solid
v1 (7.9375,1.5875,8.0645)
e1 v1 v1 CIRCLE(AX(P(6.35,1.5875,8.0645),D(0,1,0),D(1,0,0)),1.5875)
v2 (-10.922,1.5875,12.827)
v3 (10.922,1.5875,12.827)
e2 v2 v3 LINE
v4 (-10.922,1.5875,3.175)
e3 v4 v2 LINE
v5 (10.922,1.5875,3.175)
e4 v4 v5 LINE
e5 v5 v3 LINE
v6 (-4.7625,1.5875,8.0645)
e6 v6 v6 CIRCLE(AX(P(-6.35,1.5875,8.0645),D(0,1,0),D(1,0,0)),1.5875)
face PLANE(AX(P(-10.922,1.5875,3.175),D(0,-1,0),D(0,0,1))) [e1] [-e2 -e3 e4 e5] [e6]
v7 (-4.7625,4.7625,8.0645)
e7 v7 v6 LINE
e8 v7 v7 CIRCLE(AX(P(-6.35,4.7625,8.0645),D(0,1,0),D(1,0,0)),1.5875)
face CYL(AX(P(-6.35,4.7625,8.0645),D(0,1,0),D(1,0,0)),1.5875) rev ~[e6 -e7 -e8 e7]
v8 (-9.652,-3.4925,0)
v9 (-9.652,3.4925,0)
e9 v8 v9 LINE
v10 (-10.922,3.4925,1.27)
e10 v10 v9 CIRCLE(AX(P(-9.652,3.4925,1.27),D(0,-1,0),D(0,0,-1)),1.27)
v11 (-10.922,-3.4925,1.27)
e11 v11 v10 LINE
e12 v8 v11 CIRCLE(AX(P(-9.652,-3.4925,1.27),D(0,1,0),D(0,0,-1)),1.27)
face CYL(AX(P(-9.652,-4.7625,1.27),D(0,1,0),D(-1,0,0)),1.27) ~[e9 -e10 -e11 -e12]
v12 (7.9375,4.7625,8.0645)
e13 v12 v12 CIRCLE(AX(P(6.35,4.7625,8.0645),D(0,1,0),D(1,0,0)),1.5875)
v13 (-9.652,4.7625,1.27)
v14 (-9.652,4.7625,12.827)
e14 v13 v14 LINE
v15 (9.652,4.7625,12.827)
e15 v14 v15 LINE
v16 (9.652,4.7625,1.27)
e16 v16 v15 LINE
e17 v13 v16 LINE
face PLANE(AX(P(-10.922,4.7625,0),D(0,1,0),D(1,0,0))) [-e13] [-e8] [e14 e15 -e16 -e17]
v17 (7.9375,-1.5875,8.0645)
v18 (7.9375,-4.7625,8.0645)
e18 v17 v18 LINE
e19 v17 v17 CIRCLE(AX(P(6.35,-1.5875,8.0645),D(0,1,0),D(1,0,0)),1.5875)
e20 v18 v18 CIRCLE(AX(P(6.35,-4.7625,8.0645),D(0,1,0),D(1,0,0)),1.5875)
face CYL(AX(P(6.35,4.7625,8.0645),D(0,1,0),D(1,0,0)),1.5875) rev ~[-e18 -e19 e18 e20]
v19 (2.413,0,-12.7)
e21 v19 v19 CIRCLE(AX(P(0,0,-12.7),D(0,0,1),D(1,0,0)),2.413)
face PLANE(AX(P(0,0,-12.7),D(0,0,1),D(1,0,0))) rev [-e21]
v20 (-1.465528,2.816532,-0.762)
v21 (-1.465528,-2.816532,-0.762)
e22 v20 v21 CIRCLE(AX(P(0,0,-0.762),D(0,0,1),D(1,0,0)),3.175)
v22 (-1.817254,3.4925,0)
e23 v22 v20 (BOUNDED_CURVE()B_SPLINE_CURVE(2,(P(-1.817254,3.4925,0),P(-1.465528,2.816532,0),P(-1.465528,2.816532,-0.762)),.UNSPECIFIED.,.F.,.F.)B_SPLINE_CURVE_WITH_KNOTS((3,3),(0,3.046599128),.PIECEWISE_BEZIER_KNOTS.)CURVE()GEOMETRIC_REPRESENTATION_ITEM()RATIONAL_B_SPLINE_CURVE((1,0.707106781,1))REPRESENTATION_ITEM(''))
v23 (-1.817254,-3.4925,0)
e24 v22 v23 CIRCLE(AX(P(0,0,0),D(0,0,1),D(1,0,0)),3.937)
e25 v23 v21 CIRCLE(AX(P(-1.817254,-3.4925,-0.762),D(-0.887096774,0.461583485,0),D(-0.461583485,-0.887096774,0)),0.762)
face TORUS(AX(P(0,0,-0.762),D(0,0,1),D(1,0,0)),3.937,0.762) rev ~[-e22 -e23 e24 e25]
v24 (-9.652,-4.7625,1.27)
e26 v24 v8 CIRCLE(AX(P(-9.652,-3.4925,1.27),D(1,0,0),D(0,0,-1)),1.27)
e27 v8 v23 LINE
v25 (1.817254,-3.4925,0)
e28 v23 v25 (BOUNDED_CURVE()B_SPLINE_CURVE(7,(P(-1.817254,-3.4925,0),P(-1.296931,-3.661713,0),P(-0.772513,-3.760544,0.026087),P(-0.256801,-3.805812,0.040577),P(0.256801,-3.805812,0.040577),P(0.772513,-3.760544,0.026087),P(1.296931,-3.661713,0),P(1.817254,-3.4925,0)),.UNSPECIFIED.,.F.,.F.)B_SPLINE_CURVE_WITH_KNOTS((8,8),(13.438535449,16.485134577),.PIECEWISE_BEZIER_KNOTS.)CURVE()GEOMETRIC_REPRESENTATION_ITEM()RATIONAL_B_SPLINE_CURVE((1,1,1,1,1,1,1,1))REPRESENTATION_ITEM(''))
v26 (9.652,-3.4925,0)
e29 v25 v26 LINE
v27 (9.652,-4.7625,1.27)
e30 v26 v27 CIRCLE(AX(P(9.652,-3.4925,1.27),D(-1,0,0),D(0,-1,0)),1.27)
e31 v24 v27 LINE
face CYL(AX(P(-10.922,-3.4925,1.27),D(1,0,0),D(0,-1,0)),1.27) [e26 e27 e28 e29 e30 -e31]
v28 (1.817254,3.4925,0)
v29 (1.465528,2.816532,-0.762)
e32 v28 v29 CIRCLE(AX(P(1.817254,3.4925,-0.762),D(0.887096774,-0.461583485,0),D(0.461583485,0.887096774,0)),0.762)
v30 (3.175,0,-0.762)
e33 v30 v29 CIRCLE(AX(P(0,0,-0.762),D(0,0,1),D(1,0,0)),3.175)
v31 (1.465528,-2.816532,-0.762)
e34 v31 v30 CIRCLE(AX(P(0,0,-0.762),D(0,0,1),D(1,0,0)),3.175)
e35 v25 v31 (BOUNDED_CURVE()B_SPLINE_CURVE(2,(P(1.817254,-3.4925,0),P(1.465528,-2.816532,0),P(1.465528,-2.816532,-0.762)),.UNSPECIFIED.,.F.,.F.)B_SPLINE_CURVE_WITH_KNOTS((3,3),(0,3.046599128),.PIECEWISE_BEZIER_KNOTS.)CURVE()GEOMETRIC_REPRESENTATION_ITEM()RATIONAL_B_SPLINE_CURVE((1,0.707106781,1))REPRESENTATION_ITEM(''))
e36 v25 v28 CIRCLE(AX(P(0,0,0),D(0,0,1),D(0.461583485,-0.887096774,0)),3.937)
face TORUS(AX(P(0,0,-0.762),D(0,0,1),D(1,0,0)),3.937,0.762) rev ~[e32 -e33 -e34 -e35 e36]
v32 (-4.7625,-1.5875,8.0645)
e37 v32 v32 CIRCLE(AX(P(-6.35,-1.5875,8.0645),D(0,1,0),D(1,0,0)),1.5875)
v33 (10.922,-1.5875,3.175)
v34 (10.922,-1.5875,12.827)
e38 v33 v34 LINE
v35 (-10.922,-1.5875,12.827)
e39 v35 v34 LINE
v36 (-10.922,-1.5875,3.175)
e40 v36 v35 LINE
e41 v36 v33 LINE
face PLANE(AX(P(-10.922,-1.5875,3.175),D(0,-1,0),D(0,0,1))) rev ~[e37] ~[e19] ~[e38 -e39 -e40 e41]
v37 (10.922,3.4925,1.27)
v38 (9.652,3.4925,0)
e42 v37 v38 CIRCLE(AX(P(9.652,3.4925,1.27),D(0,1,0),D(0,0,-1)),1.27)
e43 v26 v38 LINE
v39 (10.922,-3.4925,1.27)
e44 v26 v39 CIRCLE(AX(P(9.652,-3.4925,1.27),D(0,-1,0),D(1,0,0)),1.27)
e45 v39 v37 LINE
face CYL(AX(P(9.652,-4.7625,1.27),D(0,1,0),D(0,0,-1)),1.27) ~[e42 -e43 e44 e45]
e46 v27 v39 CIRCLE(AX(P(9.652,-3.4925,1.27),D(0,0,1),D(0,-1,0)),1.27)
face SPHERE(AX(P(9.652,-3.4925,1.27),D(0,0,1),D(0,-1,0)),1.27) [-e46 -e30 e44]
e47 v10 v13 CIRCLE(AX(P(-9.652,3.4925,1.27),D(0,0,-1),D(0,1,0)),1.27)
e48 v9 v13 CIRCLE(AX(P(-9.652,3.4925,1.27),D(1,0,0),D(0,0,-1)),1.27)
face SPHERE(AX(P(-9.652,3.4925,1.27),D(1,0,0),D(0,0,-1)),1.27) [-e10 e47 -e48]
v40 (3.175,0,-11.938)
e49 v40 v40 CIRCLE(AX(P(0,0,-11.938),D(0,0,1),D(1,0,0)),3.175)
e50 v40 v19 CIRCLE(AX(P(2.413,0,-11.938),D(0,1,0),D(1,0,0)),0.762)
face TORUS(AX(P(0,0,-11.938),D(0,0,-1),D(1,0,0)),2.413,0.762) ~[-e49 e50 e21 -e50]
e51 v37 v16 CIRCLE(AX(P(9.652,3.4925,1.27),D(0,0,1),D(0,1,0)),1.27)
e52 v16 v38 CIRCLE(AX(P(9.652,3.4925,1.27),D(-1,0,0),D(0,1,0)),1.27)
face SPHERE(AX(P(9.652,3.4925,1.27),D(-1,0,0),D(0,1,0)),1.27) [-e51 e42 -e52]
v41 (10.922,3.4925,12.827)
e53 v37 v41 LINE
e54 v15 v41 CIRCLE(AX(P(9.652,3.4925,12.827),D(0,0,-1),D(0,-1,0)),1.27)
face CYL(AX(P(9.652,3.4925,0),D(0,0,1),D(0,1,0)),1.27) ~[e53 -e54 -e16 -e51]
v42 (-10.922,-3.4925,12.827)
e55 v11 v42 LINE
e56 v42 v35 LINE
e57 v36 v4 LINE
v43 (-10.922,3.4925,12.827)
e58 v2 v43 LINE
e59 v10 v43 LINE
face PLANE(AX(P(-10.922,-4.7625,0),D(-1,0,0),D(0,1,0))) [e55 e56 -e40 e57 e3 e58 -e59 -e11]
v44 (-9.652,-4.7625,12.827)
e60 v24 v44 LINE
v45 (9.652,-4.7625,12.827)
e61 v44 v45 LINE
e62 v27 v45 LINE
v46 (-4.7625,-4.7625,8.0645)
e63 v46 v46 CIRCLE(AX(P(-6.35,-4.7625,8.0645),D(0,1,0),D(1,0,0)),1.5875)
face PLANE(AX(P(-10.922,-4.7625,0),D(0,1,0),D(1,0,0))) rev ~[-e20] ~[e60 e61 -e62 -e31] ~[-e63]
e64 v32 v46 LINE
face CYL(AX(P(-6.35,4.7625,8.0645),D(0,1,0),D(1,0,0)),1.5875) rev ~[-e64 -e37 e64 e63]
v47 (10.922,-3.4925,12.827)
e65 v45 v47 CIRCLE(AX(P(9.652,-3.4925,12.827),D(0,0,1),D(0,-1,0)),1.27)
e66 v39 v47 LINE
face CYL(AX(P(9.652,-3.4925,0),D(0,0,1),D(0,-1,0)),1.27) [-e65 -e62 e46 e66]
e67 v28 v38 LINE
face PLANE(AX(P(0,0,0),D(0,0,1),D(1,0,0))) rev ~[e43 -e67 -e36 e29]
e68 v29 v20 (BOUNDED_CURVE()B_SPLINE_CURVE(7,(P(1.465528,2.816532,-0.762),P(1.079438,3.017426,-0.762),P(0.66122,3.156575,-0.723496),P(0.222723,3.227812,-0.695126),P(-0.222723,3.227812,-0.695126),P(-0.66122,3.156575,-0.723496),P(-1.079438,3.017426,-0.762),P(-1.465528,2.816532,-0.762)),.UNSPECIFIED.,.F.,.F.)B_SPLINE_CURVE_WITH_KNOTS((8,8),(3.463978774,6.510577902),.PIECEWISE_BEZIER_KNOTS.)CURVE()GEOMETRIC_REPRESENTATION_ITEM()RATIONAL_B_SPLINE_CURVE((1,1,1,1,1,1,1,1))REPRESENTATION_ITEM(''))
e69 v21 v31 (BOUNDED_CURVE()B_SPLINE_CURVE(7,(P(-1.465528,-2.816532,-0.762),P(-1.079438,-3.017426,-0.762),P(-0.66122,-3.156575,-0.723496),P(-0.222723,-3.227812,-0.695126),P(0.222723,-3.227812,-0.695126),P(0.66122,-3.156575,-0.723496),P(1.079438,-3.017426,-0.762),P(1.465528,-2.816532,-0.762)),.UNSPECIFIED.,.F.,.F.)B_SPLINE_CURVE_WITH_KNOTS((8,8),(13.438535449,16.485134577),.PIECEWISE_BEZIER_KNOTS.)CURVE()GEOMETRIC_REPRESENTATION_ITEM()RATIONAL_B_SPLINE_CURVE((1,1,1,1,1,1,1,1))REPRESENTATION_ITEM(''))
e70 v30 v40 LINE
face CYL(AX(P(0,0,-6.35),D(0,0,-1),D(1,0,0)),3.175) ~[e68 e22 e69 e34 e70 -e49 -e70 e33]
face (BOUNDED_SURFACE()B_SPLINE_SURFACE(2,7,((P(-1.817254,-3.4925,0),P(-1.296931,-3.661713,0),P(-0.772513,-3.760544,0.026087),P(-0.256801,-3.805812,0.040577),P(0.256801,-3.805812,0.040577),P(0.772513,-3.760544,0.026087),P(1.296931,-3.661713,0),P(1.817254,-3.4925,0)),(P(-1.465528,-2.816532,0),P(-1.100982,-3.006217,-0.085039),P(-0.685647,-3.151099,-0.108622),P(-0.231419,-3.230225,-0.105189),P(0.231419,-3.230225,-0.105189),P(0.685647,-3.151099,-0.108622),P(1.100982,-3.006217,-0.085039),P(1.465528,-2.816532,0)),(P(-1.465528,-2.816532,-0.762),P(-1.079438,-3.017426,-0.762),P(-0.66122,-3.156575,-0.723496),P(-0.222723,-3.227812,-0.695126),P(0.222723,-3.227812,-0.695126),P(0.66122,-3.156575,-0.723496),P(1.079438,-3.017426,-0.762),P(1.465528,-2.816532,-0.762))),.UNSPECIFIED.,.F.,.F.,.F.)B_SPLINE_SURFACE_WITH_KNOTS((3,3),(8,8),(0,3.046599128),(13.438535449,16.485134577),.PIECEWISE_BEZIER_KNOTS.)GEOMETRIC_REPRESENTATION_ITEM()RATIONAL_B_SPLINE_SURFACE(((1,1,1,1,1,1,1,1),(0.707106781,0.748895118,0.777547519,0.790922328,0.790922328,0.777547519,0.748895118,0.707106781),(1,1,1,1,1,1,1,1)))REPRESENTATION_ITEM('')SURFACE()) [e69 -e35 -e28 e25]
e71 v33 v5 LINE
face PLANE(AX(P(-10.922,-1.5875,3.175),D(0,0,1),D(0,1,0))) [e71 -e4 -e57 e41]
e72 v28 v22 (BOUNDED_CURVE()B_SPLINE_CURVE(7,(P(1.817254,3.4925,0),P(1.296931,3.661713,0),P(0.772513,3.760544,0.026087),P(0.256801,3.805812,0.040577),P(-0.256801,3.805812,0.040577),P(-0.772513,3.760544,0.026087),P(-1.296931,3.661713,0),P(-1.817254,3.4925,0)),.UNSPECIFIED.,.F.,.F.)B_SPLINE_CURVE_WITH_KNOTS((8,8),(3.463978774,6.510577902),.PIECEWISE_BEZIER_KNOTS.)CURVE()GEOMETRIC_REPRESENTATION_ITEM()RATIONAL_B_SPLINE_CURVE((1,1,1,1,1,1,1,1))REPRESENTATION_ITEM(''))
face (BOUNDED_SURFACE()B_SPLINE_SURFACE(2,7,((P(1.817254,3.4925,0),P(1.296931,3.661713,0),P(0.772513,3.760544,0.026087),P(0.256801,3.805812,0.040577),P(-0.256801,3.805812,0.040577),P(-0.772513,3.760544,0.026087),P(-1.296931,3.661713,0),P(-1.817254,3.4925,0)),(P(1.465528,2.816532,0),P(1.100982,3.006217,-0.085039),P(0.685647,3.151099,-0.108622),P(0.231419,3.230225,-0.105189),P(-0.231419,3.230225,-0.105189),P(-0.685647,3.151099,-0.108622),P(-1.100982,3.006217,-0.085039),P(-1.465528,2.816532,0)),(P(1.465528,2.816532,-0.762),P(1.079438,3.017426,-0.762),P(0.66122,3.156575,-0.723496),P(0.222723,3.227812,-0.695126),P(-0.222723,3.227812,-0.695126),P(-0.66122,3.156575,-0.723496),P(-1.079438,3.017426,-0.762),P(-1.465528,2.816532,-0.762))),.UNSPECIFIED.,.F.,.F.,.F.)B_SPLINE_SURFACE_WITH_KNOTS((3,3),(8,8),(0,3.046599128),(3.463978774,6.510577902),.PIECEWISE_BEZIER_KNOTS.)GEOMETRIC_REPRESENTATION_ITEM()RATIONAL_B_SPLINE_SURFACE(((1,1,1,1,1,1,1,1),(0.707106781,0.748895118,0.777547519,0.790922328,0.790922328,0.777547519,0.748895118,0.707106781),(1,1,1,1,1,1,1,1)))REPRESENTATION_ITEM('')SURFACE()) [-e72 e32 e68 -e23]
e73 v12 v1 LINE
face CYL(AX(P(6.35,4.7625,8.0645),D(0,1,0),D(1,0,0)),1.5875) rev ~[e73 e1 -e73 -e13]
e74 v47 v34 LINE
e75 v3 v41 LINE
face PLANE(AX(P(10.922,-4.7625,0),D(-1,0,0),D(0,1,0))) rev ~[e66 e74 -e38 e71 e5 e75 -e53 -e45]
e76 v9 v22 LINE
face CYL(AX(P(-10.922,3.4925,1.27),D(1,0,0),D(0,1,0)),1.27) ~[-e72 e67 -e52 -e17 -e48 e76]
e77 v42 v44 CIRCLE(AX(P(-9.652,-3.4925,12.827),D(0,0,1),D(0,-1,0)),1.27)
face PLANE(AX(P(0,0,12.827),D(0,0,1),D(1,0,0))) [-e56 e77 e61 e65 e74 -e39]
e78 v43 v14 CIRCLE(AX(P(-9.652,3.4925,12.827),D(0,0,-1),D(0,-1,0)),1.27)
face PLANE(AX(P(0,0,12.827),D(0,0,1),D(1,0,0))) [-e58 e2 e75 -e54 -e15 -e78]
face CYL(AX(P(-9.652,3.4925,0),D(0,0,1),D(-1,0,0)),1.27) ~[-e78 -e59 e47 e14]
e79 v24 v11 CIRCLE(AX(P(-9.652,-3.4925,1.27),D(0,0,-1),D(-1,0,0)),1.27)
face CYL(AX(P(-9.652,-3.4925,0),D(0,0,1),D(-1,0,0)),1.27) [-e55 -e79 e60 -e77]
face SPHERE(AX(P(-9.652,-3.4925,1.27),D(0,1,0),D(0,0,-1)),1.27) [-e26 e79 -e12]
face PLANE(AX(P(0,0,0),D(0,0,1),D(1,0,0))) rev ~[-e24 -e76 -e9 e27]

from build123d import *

# Parameters (mm, degrees)
SKETCH1_W           = 3.175
SKETCH1_H           = 12.7
SKETCH2_W           = 21.844
SKETCH2_H           = 9.525
BOSS_EXTRUDE1_DEPTH = 12.827
FILLET4_R           = 1.27
SKETCH3_W           = 9.652
SKETCH3_H           = 3.175
CUT_EXTRUDE1_DEPTH  = 22.844
SKETCH4_R           = 1.5875
CUT_EXTRUDE2_DEPTH  = 10.525
FILLET5_R           = 0.762


with BuildPart() as part:
    # Sketch1 → Revolve1 (revolve)
    with BuildSketch(Plane(origin=(0, 0, 0), x_dir=(1, 0, 0), z_dir=(0, 1, 0))):
        with Locations((1.5875, 6.35)):
            Rectangle(SKETCH1_W, SKETCH1_H)
    revolve(axis=Axis((0, 0, -12.7), (0, 0, 1)))

    # Sketch2 → Boss-Extrude1 (add)
    with BuildSketch(Plane.XY):
        Rectangle(SKETCH2_W, SKETCH2_H)
    extrude(amount=BOSS_EXTRUDE1_DEPTH)

    # Fillet4
    fillet4_edges = [part.edges().sort_by_distance(p)[0] for p in [
        (10.922, -4.7625, 6.4135),
        (0, 4.7625, 0),
        (10.922, 4.7625, 6.4135),
        (-10.922, 0, 0),
        (-10.922, 4.7625, 6.4135),
        (0, -4.7625, 0),
        (-10.922, -4.7625, 6.4135),
        (10.922, 0, 0),
    ]]
    fillet(fillet4_edges, radius=FILLET4_R)

    # Sketch3 → Cut-Extrude1 (cut, through all)
    with BuildSketch(Plane.ZY.offset(10.922)):
        with Locations((8.001, 0)):
            Rectangle(SKETCH3_W, SKETCH3_H)
    extrude(amount=-CUT_EXTRUDE1_DEPTH, mode=Mode.SUBTRACT)

    # Sketch4 → Cut-Extrude2 (cut, through all)
    with BuildSketch(Plane(origin=(0, 4.7625, 0), x_dir=(1, 0, 0), z_dir=(0, 1, 0))):
        with Locations((-6.35, -8.0645)):
            Circle(SKETCH4_R)
        with Locations((6.35, -8.0645)):
            Circle(SKETCH4_R)
    extrude(amount=-CUT_EXTRUDE2_DEPTH, mode=Mode.SUBTRACT)

    # Fillet5
    fillet5_edges = [part.edges().sort_by_distance(p)[0] for p in [
        (-3.175, 0, 0),
        (-3.175, 0, -12.7),
    ]]
    fillet(fillet5_edges, radius=FILLET5_R)


solid = part.part
